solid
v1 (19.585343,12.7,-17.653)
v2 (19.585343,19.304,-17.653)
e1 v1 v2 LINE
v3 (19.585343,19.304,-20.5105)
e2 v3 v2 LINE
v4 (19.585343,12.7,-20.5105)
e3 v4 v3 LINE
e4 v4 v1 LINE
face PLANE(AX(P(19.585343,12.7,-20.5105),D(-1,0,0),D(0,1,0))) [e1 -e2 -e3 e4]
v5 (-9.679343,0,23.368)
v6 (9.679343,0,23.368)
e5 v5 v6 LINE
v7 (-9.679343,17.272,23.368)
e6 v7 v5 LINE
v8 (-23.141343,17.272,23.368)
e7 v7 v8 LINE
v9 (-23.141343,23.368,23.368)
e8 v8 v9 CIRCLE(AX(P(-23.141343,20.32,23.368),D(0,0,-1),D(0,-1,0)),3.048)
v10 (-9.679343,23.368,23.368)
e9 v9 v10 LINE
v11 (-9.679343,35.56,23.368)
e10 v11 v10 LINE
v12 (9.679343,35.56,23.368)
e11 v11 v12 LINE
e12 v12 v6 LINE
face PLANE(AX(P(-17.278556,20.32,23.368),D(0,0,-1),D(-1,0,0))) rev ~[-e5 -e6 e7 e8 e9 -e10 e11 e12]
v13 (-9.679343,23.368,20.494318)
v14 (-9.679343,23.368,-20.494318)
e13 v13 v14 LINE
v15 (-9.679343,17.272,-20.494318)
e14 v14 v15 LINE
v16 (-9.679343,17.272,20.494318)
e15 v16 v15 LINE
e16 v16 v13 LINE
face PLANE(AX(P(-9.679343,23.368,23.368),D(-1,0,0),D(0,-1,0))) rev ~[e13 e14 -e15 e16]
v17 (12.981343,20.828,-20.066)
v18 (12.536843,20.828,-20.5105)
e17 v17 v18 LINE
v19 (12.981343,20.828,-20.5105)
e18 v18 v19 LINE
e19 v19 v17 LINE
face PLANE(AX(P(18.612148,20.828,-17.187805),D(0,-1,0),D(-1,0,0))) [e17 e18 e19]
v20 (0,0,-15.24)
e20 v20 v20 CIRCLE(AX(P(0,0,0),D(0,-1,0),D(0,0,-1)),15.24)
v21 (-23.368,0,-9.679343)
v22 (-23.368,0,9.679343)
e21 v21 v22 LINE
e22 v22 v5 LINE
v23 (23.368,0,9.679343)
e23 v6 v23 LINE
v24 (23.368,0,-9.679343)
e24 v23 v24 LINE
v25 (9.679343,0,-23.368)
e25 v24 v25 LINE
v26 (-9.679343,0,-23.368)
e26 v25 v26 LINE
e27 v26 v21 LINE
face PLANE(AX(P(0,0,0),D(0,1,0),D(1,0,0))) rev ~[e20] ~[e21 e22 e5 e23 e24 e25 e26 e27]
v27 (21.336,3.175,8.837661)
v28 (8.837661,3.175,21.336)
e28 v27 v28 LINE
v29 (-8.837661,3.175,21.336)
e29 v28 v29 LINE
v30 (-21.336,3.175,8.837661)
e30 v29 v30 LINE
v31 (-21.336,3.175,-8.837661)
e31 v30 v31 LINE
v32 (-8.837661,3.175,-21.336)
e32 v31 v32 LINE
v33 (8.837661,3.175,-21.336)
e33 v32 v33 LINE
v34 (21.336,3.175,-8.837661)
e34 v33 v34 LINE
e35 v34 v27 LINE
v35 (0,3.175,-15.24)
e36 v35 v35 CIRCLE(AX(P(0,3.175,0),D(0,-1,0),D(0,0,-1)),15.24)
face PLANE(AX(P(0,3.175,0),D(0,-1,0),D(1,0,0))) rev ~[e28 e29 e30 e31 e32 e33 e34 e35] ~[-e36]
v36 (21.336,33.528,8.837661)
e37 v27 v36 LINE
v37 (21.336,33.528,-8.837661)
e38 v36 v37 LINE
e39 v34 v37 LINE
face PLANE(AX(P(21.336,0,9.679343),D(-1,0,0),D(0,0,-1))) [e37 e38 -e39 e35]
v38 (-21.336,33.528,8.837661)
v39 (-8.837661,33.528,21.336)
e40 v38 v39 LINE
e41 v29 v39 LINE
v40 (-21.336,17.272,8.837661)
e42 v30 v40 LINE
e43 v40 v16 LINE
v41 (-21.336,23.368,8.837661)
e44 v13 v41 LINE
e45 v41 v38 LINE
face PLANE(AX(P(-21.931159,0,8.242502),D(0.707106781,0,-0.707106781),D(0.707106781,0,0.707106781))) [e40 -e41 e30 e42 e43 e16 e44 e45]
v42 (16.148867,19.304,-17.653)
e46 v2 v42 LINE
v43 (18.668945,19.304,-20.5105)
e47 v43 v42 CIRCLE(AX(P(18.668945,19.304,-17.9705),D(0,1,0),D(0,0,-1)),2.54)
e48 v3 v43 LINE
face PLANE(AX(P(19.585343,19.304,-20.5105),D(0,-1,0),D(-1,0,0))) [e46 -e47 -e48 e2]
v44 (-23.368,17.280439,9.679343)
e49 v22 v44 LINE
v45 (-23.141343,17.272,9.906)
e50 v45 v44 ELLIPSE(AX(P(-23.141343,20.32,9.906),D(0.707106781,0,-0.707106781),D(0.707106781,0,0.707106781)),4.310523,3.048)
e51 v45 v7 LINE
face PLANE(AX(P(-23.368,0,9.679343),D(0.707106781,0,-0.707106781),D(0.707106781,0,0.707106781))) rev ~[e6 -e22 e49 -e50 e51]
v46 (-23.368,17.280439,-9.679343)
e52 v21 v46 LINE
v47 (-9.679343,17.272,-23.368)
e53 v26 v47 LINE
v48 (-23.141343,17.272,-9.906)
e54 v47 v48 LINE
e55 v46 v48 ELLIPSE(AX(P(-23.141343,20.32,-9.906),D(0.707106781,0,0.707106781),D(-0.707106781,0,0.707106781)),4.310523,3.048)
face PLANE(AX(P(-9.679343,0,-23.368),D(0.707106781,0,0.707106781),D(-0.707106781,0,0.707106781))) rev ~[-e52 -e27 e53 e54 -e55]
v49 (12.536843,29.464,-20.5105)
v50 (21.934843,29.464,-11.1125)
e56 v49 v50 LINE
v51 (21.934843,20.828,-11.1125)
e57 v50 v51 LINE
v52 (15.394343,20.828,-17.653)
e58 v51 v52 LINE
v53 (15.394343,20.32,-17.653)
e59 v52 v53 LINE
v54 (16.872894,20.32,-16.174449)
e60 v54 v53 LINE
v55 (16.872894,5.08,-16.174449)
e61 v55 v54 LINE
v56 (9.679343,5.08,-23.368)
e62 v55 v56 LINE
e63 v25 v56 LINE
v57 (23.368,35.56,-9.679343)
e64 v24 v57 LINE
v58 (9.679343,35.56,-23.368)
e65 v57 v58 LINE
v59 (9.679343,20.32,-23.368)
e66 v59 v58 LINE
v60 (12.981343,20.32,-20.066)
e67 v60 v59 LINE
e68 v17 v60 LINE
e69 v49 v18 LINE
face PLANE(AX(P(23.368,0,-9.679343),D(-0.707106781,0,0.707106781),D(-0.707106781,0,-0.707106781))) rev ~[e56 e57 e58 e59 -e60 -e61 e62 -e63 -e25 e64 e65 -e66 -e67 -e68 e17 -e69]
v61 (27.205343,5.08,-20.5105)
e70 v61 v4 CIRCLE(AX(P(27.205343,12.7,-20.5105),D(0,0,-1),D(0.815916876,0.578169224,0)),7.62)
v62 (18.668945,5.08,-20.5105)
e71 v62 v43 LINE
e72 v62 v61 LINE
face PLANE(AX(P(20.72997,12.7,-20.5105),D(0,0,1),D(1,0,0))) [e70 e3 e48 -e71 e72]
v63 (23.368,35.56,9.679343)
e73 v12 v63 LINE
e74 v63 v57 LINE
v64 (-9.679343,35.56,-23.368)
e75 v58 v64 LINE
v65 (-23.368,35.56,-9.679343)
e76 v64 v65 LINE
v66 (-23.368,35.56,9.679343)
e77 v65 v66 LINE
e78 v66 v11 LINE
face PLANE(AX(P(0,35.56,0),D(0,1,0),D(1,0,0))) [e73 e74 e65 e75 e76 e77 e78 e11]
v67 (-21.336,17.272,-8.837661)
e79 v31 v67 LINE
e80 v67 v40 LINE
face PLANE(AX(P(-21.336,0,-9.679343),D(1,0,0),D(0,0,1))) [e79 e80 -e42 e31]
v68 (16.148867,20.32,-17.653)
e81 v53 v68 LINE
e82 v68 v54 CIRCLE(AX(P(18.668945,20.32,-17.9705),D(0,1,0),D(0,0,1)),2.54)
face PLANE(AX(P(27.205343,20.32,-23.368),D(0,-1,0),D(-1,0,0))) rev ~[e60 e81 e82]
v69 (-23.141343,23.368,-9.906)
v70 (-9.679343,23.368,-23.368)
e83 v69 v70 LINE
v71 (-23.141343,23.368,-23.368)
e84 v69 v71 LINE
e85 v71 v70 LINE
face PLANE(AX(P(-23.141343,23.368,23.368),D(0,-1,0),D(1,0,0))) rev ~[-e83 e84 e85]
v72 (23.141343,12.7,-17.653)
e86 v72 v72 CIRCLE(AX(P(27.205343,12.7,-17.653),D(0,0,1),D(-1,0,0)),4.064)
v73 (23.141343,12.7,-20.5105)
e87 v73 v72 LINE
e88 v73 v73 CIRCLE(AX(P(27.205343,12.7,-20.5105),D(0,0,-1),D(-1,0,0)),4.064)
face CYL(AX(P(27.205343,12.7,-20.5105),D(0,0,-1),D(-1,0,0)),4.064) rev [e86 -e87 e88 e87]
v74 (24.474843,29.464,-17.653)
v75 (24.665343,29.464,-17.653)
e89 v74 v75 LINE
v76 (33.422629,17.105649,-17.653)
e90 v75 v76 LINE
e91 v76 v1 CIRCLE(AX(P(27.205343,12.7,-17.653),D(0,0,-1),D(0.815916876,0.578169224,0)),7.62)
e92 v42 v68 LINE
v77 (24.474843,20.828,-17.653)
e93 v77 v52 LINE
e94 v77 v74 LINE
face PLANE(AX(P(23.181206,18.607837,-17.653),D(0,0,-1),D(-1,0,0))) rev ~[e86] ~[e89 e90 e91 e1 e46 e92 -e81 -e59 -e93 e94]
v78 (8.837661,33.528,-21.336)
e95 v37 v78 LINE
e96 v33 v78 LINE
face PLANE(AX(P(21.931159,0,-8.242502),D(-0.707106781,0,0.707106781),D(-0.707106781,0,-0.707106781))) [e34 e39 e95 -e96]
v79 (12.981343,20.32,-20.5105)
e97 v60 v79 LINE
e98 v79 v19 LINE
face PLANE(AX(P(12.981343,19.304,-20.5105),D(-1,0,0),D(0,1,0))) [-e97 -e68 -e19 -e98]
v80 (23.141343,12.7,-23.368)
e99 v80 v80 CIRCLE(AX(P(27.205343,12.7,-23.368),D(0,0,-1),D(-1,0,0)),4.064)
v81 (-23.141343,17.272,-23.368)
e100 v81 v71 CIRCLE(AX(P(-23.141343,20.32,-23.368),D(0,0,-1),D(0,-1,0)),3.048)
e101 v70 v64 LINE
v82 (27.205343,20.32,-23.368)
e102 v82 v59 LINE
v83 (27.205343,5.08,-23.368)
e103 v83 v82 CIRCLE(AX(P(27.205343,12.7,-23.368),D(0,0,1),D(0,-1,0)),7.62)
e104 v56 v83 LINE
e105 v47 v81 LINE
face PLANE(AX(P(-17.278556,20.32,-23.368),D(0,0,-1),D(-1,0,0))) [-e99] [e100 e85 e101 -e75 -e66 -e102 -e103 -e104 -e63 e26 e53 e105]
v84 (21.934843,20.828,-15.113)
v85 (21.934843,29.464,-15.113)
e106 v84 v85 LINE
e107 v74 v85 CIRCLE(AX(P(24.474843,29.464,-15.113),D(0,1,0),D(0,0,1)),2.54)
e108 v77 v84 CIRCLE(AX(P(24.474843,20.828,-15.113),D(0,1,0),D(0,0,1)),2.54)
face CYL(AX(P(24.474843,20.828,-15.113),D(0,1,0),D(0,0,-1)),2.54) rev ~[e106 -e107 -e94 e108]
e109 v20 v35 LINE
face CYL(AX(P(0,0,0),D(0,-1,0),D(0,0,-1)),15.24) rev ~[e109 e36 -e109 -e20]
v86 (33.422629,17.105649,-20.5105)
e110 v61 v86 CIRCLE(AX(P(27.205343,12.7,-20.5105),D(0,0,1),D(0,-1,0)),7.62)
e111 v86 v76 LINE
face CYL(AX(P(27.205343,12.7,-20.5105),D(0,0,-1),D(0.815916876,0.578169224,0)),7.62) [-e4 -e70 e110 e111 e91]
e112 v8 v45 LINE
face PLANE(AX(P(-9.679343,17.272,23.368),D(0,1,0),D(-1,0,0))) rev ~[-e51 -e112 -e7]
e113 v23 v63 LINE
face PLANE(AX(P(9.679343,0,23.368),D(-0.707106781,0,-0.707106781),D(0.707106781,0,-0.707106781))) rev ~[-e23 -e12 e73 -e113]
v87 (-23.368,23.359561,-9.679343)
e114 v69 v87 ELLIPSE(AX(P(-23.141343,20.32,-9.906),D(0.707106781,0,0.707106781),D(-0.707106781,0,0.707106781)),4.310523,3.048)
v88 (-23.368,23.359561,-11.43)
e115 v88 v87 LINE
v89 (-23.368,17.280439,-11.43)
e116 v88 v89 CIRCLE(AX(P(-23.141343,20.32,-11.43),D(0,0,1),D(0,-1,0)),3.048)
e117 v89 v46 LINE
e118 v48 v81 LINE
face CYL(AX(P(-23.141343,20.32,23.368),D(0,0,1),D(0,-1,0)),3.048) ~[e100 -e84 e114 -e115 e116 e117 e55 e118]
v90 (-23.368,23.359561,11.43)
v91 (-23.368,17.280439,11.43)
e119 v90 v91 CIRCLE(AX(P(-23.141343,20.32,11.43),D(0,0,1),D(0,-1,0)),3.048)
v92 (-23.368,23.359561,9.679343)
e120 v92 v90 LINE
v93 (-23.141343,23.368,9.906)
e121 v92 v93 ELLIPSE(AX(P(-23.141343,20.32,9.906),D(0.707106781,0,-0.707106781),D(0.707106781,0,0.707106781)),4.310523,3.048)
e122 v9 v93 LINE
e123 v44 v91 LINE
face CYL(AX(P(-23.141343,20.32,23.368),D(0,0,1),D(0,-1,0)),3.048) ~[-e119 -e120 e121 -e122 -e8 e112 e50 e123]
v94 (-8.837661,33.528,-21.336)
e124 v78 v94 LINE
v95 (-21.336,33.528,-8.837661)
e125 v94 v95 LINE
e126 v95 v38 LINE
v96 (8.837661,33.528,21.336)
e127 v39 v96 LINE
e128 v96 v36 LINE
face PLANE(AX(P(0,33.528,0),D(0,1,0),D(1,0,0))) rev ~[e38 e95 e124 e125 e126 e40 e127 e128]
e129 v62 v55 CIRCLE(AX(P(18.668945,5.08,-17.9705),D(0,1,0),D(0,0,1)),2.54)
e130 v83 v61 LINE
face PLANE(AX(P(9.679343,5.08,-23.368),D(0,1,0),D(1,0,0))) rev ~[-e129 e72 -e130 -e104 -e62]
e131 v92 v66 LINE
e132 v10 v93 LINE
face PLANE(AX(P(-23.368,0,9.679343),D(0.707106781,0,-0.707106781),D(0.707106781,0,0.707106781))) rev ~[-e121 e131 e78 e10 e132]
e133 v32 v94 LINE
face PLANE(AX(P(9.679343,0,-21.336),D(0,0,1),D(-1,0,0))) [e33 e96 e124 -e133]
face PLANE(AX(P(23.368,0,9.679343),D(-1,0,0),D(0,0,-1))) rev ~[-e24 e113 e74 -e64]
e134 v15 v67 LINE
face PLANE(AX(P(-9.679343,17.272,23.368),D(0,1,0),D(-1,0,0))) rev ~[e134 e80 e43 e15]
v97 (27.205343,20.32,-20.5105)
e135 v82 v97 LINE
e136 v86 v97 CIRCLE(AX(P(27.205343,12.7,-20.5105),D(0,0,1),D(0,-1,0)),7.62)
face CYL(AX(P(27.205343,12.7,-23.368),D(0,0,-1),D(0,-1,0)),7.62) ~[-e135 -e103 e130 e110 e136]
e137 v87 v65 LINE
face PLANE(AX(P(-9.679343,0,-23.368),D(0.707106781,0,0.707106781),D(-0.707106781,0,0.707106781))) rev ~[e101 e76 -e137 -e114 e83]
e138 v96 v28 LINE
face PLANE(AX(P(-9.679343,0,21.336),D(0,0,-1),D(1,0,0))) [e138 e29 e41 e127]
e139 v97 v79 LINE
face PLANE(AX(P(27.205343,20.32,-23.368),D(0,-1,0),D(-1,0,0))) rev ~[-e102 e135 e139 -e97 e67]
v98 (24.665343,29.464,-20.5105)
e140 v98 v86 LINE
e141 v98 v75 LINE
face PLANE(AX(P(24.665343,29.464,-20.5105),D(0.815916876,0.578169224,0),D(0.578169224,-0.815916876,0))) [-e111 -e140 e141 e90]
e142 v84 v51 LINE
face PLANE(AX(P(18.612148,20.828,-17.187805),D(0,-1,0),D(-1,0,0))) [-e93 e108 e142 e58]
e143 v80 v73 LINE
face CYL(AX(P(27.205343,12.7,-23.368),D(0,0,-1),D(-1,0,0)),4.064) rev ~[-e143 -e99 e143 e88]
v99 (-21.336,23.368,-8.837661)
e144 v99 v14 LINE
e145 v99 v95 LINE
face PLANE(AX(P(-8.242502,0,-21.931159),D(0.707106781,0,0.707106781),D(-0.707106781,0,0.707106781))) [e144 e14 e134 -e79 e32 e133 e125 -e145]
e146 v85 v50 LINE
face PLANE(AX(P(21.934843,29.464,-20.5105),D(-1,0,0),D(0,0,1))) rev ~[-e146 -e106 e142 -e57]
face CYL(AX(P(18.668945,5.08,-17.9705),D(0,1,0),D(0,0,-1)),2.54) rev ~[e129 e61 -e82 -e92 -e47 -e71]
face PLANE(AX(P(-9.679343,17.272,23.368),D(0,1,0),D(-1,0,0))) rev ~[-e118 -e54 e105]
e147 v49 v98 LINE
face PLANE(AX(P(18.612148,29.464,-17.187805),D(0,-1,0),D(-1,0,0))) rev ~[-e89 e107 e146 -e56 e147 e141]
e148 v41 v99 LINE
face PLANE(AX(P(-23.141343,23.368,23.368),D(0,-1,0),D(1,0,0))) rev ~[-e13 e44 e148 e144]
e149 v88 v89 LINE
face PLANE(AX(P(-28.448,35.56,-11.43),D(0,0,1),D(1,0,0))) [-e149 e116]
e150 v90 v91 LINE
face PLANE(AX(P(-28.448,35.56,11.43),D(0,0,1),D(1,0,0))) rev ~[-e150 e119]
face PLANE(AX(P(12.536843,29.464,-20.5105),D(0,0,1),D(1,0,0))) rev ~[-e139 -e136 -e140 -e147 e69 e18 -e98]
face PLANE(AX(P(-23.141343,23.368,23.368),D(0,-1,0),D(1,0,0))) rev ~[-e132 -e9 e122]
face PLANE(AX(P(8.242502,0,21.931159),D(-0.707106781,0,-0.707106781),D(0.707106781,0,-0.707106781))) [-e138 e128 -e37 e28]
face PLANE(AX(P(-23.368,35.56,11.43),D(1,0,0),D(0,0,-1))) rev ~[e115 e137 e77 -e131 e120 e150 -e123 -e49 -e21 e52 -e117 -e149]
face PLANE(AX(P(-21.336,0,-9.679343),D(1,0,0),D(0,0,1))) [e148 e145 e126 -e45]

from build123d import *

# Parameters (mm, degrees)
BOSS_EXTRUDE1_DEPTH  = 35.56
SHELL1_T             = -2.032
SKETCH2_R            = 15.24
BOSS_EXTRUDE2_DEPTH  = 3.175
SKETCH3_R            = 4.064
BOSS_EXTRUDE3_DEPTH  = 2.8575
FILLET2_R            = 2.54
SKETCH4_R            = 4.064
BOSS_EXTRUDE10_DEPTH = 2.8575
BOSS_EXTRUDE11_DEPTH = 8.636
FILLET3_R            = 2.54
BOSS_EXTRUDE12_DEPTH = 46.736
SKETCH8_W            = 5.08
SKETCH8_H            = 22.86
CUT_EXTRUDE1_DEPTH   = 55.98528445


with BuildPart() as part:
    # Sketch1 → Boss-Extrude1 (new body)
    with BuildSketch(Plane(origin=(0, 0, 0), x_dir=(1, 0, 0), z_dir=(0, 1, 0))):
        Polygon((9.679342526, -23.368), (23.368, -9.679342526), (23.368, 9.679342526), (9.679342526, 23.368), (-9.679342526, 23.368), (-23.368, 9.679342526), (-23.368, -9.679342526), (-9.679342526, -23.368), align=None)
    extrude(amount=BOSS_EXTRUDE1_DEPTH)

    # Shell1
    shell1_openings = [part.faces().sort_by_distance(p)[0] for p in [
        (0, 0, 0),
    ]]
    offset(amount=SHELL1_T, openings=shell1_openings, kind=Kind.INTERSECTION)

    # Sketch2 → Boss-Extrude2 (add)
    with BuildSketch(Plane.XZ):
        Polygon((23.368, 9.679342526), (9.679342526, 23.368), (-9.679342526, 23.368), (-23.368, 9.679342526), (-23.368, -9.679342526), (-9.679342526, -23.368), (9.679342526, -23.368), (23.368, -9.679342526), align=None)
        with Locations(Location((0, 0, 0), (0, 0, 270))):
            Circle(SKETCH2_R, mode=Mode.SUBTRACT)
    extrude(amount=-BOSS_EXTRUDE2_DEPTH)

    # Sketch3 → Boss-Extrude3 (add)
    with BuildSketch(Plane(origin=(0, 0, -23.368), x_dir=(-1, 0, 0), z_dir=(0, 0, -1))):
        with BuildLine():
            Line((-9.679342526, 5.08), (-27.205342526, 5.08))
            ThreePointArc((-27.205342526, 5.08), (-34.825342526, 12.7), (-27.205342526, 20.32))
            Line((-27.205342526, 20.32), (-9.679342526, 20.32))
            Line((-9.679342526, 20.32), (-9.679342526, 5.08))
        make_face()
        with Locations((-27.205342526, 12.7)):
            Circle(SKETCH3_R, mode=Mode.SUBTRACT)
    extrude(amount=-BOSS_EXTRUDE3_DEPTH)

    # Fillet2
    fillet2_edges = [part.edges().sort_by_distance(p)[0] for p in [
        (12.536842526, 12.7, -20.5105),
    ]]
    fillet(fillet2_edges, radius=FILLET2_R)

    # Sketch4 → Boss-Extrude10 (add)
    with BuildSketch(Plane.XY.offset(-20.5105)):
        with BuildLine():
            Line((12.981342526, 19.304), (12.981342526, 29.464))
            Line((12.981342526, 29.464), (24.665342526, 29.464))
            Line((24.665342526, 29.464), (33.422629122, 17.105649484))
            ThreePointArc((33.422629122, 17.105649484), (29.517124969, 5.439141791), (19.585342526, 12.7))
            Line((19.585342526, 12.7), (19.585342526, 19.304))
            Line((19.585342526, 19.304), (12.981342526, 19.304))
        make_face()
        with Locations(Location((27.205342526, 12.7, 0), (0, 0, 180))):
            Circle(SKETCH4_R, mode=Mode.SUBTRACT)
    extrude(amount=BOSS_EXTRUDE10_DEPTH)

    # Sketch5 → Boss-Extrude11 (add)
    with BuildSketch(Plane(origin=(0, 29.464, 0), x_dir=(1, 0, 0), z_dir=(0, 1, 0))):
        Polygon((12.536842526, 20.5105), (21.934842526, 20.5105), (21.934842526, 11.1125), align=None)
    extrude(amount=-BOSS_EXTRUDE11_DEPTH)

    # Fillet3
    fillet3_edges = [part.edges().sort_by_distance(p)[0] for p in [
        (21.934842526, 25.146, -17.653),
    ]]
    fillet(fillet3_edges, radius=FILLET3_R)

    # Sketch6 → Boss-Extrude12 (add, through all)
    with BuildSketch(Plane.XY.offset(23.368)):
        with BuildLine():
            Line((-9.679342526, 17.272), (-23.141342526, 17.272))
            ThreePointArc((-23.141342526, 17.272), (-26.189342526, 20.32), (-23.141342526, 23.368))
            Line((-23.141342526, 23.368), (-9.679342526, 23.368))
            Line((-9.679342526, 23.368), (-9.679342526, 17.272))
        make_face()
    extrude(amount=-BOSS_EXTRUDE12_DEPTH)

    # Sketch8 → Cut-Extrude1 (cut, through all)
    with BuildSketch(Plane(origin=(0, 35.56, 0), x_dir=(1, 0, 0), z_dir=(0, 1, 0))):
        with Locations((-25.908, 0)):
            Rectangle(SKETCH8_W, SKETCH8_H)
    extrude(amount=-CUT_EXTRUDE1_DEPTH, mode=Mode.SUBTRACT)


solid = part.part
